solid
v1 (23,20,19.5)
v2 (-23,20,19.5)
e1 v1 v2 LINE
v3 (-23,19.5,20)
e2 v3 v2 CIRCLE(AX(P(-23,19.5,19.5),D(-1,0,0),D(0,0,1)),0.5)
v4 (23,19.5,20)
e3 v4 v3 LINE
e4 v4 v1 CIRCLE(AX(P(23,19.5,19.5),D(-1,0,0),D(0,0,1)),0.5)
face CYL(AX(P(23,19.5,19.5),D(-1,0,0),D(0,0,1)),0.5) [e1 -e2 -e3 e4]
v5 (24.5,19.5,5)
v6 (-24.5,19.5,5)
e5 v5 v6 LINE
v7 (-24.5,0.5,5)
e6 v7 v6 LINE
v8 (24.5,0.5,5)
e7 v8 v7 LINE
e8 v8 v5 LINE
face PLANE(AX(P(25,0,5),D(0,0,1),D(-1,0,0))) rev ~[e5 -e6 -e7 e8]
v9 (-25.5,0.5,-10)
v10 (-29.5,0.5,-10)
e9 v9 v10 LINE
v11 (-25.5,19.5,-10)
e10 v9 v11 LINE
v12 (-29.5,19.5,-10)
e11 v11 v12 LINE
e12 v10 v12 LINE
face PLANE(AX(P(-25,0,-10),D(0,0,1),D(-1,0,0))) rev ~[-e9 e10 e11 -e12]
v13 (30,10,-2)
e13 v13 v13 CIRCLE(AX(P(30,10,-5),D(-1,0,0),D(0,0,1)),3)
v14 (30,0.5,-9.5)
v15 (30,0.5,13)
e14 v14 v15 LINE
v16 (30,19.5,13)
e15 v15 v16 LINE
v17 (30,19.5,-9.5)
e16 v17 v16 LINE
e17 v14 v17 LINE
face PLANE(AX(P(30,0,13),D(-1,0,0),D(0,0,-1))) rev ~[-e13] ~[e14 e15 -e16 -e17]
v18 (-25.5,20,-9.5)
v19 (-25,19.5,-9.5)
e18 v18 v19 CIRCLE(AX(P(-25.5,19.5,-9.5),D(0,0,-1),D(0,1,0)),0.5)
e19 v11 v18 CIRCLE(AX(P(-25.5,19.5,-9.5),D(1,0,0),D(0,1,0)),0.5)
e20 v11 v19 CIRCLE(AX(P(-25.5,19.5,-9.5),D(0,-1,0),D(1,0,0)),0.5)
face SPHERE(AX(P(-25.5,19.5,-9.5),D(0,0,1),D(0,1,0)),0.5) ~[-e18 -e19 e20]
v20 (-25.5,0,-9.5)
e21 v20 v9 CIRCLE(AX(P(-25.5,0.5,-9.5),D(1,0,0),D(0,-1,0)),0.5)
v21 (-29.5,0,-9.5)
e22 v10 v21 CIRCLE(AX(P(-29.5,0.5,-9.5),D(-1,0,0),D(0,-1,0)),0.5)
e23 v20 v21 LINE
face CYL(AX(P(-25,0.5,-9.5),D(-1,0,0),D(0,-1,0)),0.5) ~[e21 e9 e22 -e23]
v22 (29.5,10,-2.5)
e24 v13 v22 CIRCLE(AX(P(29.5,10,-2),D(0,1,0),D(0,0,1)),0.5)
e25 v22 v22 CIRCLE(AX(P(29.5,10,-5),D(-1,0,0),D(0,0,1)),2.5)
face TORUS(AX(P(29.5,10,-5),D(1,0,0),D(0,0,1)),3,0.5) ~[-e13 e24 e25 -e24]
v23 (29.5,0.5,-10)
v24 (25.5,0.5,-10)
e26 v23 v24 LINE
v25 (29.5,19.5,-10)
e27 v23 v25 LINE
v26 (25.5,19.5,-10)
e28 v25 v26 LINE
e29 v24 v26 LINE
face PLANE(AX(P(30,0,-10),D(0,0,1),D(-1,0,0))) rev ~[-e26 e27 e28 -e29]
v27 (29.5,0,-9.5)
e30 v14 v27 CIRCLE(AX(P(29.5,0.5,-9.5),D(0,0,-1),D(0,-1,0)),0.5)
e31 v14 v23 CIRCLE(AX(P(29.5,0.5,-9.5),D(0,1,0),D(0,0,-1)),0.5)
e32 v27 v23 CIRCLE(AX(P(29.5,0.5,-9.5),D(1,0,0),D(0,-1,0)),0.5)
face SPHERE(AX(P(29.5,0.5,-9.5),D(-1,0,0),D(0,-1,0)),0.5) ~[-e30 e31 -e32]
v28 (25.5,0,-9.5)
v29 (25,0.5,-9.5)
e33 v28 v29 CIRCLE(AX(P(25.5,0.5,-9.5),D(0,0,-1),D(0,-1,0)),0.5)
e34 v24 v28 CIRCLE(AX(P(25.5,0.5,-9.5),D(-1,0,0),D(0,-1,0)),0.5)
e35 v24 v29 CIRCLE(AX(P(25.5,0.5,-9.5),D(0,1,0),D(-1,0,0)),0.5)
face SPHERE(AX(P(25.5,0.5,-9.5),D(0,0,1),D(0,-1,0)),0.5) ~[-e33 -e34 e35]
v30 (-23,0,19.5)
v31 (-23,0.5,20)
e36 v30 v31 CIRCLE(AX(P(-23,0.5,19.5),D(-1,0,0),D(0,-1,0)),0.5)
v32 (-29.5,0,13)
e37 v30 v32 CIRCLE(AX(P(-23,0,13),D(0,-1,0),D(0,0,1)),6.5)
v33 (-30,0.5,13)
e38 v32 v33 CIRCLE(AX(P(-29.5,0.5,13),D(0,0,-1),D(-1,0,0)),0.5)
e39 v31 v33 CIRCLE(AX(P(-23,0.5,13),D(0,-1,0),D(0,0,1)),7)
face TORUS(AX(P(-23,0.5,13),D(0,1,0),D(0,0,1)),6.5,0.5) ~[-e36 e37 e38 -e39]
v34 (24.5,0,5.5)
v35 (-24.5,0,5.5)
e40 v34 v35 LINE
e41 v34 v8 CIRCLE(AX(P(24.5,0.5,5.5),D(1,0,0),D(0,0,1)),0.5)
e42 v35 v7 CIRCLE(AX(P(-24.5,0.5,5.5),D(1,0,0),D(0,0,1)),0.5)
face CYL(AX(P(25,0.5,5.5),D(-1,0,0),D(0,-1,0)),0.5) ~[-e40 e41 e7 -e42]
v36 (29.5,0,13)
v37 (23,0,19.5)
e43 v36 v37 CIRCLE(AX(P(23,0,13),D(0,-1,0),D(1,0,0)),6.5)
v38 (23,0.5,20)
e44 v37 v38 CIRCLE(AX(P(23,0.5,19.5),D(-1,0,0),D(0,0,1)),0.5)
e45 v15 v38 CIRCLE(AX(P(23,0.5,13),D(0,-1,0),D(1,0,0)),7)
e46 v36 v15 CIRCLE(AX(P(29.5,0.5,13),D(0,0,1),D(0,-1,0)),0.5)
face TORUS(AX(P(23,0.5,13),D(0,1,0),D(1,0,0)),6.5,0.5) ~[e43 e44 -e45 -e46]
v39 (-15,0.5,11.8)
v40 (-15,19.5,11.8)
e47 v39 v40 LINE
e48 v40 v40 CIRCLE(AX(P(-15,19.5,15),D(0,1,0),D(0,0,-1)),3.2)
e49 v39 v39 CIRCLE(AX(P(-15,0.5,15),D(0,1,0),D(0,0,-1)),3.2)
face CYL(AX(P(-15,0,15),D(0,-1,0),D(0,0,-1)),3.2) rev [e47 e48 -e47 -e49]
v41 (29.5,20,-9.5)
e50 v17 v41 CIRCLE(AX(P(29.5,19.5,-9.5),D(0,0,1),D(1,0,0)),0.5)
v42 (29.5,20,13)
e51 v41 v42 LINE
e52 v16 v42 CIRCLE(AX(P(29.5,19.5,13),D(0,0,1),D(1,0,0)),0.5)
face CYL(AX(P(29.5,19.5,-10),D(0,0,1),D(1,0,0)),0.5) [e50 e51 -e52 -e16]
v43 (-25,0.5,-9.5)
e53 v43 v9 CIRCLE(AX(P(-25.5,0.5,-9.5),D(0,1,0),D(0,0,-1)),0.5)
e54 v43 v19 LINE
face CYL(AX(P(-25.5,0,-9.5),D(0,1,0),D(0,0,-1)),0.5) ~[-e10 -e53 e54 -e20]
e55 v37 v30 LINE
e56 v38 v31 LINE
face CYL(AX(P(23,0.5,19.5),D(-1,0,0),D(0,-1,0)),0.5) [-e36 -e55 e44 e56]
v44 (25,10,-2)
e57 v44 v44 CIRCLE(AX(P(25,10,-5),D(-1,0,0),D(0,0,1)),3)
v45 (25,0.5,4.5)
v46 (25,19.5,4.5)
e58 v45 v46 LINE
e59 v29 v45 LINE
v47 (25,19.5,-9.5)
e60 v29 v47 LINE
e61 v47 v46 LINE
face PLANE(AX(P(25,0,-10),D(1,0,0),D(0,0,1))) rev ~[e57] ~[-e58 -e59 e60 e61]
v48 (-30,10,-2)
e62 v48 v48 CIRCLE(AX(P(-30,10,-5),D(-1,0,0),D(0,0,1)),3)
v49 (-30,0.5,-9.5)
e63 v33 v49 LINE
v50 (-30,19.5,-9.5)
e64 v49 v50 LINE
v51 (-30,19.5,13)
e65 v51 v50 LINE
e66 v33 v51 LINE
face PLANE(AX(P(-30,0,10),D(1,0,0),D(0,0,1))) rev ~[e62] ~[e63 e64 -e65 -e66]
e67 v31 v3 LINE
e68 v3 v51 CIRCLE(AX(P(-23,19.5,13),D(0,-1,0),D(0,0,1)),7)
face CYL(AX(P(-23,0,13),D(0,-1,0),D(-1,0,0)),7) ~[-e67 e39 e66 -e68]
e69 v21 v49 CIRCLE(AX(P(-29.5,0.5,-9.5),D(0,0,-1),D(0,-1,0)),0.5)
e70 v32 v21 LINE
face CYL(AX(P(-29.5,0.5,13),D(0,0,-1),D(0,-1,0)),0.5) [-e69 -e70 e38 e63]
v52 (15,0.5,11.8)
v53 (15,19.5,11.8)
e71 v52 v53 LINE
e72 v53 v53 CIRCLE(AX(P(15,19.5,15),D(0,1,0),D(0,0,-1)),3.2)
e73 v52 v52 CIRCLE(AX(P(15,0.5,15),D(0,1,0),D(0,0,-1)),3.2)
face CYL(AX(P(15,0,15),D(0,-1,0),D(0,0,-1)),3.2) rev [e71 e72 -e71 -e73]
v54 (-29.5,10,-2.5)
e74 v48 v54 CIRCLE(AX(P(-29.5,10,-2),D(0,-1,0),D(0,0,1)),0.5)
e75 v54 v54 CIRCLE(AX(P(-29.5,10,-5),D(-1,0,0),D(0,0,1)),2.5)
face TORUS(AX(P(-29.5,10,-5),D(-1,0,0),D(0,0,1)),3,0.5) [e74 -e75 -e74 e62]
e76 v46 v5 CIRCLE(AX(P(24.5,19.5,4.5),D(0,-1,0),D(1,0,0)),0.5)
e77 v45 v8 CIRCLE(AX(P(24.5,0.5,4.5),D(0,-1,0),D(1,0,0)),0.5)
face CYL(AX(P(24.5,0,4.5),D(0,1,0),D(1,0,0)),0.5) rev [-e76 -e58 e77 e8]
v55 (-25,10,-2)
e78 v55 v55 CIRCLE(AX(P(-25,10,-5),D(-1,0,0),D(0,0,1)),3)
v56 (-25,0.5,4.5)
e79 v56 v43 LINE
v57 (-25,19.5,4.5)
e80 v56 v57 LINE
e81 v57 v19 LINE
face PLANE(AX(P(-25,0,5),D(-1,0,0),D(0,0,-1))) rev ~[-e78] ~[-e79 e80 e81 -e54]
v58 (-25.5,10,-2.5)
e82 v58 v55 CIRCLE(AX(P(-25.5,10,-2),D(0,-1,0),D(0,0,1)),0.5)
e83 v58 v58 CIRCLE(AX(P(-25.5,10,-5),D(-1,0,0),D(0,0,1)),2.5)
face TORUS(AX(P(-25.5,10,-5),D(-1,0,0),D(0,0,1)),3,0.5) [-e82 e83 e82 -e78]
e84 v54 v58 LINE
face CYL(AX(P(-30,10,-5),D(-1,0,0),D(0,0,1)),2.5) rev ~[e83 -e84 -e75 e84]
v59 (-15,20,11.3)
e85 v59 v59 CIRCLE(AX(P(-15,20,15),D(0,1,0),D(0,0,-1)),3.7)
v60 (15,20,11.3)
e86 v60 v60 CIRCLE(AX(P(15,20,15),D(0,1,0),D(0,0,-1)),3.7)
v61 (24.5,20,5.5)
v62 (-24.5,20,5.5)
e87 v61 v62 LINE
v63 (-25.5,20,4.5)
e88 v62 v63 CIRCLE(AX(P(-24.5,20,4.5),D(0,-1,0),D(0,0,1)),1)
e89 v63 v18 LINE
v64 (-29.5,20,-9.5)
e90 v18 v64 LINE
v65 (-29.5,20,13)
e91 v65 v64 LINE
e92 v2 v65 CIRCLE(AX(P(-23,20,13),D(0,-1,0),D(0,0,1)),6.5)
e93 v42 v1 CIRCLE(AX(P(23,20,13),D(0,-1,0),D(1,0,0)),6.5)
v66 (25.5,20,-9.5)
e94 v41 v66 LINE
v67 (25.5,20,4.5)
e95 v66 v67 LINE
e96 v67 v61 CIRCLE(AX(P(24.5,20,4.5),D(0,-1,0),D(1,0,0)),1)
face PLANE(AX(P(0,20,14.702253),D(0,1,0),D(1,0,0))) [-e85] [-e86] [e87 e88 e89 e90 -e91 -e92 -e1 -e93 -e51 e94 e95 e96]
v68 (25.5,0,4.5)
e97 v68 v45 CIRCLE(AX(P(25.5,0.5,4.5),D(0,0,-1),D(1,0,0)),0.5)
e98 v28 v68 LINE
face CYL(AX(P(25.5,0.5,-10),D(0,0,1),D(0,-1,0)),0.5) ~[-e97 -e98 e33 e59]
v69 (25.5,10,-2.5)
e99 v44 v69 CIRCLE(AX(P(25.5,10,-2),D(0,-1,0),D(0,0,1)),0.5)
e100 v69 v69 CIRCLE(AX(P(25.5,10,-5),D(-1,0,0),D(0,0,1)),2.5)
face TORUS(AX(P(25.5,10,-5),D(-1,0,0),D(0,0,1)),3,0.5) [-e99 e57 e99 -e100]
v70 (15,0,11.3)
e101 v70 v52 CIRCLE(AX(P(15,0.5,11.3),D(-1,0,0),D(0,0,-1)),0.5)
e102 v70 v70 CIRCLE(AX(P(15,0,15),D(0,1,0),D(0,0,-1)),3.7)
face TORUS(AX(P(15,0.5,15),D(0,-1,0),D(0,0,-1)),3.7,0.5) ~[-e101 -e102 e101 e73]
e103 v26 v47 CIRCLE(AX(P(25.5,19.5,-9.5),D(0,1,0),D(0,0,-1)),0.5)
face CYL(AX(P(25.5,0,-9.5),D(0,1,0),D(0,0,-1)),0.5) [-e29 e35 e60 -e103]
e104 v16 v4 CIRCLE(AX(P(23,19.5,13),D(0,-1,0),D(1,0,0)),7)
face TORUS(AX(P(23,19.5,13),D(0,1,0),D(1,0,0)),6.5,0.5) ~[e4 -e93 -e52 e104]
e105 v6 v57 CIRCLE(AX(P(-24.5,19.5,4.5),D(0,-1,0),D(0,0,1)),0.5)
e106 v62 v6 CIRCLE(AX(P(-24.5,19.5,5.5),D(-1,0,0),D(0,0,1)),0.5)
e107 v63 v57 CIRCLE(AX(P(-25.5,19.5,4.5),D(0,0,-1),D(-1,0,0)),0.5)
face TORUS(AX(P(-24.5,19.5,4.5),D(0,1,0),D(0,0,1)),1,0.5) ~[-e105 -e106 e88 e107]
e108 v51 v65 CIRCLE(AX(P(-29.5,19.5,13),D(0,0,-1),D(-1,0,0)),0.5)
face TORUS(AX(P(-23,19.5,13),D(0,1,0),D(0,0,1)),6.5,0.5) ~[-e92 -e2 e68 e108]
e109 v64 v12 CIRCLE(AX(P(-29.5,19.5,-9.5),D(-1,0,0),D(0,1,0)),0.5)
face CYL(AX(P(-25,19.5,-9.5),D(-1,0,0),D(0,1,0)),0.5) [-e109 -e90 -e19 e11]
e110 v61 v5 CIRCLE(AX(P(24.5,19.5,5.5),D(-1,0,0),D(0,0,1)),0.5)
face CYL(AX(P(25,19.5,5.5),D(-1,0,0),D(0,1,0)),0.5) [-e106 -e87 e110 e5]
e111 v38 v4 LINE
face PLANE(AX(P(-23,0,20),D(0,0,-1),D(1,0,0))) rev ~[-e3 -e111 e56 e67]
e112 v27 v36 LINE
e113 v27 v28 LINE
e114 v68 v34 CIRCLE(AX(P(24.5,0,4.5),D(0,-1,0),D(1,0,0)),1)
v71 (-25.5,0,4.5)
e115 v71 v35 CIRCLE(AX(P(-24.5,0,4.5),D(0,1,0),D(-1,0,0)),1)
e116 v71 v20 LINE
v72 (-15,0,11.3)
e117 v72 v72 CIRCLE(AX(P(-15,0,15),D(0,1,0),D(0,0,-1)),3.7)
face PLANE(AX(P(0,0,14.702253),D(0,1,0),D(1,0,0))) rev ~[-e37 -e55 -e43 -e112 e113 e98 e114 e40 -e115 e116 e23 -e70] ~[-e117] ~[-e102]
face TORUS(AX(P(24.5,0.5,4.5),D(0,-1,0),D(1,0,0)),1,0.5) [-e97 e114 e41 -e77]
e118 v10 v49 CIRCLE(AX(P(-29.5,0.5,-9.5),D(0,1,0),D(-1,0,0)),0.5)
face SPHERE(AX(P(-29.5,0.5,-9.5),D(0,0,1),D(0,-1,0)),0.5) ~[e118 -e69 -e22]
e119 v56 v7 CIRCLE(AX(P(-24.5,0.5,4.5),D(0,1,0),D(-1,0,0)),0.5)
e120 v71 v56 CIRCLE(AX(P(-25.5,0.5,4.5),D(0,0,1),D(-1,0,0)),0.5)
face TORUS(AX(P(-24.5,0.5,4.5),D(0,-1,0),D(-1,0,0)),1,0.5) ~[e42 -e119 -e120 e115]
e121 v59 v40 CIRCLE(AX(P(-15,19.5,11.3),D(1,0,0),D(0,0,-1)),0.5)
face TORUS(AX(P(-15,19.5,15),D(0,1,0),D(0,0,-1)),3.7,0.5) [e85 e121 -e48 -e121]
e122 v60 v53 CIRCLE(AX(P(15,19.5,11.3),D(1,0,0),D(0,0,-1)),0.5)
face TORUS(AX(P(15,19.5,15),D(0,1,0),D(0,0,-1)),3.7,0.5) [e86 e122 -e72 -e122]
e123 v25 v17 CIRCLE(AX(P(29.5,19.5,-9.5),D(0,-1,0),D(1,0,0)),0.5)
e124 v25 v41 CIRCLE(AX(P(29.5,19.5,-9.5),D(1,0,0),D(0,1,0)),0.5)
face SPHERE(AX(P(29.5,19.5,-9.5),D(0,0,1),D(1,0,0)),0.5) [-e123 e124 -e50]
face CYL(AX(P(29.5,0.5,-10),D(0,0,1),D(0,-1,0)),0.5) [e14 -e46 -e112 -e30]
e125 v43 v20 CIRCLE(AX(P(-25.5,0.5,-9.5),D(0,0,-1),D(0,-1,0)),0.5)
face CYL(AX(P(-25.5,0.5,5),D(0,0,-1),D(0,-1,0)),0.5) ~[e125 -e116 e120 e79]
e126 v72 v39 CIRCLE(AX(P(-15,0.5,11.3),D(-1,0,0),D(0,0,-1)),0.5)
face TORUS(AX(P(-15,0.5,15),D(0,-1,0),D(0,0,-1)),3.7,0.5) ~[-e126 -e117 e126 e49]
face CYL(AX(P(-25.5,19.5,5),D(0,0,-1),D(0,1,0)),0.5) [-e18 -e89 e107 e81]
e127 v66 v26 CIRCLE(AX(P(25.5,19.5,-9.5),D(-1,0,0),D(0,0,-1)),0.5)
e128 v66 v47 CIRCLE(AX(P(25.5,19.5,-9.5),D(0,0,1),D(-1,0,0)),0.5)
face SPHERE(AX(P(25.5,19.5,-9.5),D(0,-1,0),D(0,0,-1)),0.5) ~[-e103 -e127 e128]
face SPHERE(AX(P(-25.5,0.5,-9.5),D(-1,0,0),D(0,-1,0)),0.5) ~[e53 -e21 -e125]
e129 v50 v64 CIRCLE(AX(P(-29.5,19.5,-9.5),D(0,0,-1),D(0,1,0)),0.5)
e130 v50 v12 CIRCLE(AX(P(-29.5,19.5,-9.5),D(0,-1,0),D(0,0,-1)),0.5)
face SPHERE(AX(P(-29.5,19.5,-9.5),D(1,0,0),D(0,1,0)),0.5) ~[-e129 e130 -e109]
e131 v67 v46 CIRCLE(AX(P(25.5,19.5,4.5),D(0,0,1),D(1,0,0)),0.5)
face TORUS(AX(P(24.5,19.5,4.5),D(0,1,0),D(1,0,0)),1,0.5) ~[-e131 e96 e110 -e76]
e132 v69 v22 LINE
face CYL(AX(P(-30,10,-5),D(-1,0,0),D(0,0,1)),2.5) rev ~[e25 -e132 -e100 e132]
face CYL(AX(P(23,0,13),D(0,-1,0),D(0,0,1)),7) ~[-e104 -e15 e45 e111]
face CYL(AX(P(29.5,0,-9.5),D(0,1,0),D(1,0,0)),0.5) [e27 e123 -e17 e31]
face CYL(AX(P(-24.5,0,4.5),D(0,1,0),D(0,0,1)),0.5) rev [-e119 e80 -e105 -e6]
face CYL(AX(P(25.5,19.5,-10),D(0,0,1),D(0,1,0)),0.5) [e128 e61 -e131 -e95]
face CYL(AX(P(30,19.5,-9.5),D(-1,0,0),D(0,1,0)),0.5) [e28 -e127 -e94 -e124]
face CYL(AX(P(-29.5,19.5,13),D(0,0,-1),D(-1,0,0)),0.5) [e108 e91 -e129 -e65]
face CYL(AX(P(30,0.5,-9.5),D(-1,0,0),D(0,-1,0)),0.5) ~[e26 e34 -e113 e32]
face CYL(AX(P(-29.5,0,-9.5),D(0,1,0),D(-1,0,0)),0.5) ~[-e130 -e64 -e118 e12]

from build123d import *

# Parameters (mm, degrees)
SKETCH1_R           = 3.2
BOSS_EXTRUDE1_DEPTH = 20
SKETCH2_R           = 2.5
CUT_EXTRUDE1_DEPTH  = 70
FILLET1_R           = 0.5


with BuildPart() as part:
    # Sketch1 → Boss-Extrude1 (new body)
    # profile 1 of 2: a face of its own
    with BuildSketch(Plane(origin=(0, 0, 0), x_dir=(1, 0, 0), z_dir=(0, 1, 0))):
        Polygon((25, -5), (-25, -5), (-25, 10), (-30, 10), (-30, -10), (30, -10), (30, 10), (25, 10), align=None)
    # profile 2 of 2: a face of its own
    with BuildSketch(Plane(origin=(0, 0, 0), x_dir=(1, 0, 0), z_dir=(0, 1, 0))):
        with BuildLine():
            Line((-30, -10), (-30, -13))
            ThreePointArc((-30, -13), (-27.949747468, -17.949747468), (-23, -20))
            Line((-23, -20), (23, -20))
            ThreePointArc((23, -20), (27.949747468, -17.949747468), (30, -13))
            Line((30, -13), (30, -10))
            Line((30, -10), (-30, -10))
        make_face()
        with Locations(Location((15, -15, 0), (0, 0, 90))):
            Circle(SKETCH1_R, mode=Mode.SUBTRACT)
        with Locations(Location((-15, -15, 0), (0, 0, 90))):
            Circle(SKETCH1_R, mode=Mode.SUBTRACT)
    extrude(amount=BOSS_EXTRUDE1_DEPTH)

    # Sketch2 → Cut-Extrude1 (cut)
    with BuildSketch(Plane.ZY.offset(30)):
        with Locations((-5, 10)):
            Circle(SKETCH2_R)
    extrude(amount=-CUT_EXTRUDE1_DEPTH, mode=Mode.SUBTRACT)

    # Fillet1
    fillet1_edges = [part.edges().sort_by_distance(p)[0] for p in [
        (-25, 20, -2.5),
        (-15, 0, 18.2),
        (15, 0, 18.2),
        (25, 0, -2.5),
        (27.5, 0, -10),
        (30, 0, 1.5),
        (27.949747468, 0, 17.949747468),
        (-27.5, 20, -10),
        (0, 0, 20),
        (-27.949747468, 0, 17.949747468),
        (-30, 0, 1.5),
        (-27.5, 0, -10),
        (-25, 0, -2.5),
        (0, 0, 5),
        (-30, 20, 1.5),
        (25, 10, 5),
        (25, 10, -10),
        (30, 10, -10),
        (-30, 10, -10),
        (-25, 10, -10),
        (-25, 10, 5),
        (-27.949747468, 20, 17.949747468),
        (0, 20, 20),
        (27.949747468, 20, 17.949747468),
        (-25, 10, -7.5),
        (30, 10, -7.5),
        (25, 10, -7.5),
        (-30, 10, -7.5),
        (30, 20, 1.5),
        (27.5, 20, -10),
        (25, 20, -2.5),
        (15, 20, 18.2),
        (-15, 20, 18.2),
        (0, 20, 5),
    ]]
    fillet(fillet1_edges, radius=FILLET1_R)


solid = part.part
